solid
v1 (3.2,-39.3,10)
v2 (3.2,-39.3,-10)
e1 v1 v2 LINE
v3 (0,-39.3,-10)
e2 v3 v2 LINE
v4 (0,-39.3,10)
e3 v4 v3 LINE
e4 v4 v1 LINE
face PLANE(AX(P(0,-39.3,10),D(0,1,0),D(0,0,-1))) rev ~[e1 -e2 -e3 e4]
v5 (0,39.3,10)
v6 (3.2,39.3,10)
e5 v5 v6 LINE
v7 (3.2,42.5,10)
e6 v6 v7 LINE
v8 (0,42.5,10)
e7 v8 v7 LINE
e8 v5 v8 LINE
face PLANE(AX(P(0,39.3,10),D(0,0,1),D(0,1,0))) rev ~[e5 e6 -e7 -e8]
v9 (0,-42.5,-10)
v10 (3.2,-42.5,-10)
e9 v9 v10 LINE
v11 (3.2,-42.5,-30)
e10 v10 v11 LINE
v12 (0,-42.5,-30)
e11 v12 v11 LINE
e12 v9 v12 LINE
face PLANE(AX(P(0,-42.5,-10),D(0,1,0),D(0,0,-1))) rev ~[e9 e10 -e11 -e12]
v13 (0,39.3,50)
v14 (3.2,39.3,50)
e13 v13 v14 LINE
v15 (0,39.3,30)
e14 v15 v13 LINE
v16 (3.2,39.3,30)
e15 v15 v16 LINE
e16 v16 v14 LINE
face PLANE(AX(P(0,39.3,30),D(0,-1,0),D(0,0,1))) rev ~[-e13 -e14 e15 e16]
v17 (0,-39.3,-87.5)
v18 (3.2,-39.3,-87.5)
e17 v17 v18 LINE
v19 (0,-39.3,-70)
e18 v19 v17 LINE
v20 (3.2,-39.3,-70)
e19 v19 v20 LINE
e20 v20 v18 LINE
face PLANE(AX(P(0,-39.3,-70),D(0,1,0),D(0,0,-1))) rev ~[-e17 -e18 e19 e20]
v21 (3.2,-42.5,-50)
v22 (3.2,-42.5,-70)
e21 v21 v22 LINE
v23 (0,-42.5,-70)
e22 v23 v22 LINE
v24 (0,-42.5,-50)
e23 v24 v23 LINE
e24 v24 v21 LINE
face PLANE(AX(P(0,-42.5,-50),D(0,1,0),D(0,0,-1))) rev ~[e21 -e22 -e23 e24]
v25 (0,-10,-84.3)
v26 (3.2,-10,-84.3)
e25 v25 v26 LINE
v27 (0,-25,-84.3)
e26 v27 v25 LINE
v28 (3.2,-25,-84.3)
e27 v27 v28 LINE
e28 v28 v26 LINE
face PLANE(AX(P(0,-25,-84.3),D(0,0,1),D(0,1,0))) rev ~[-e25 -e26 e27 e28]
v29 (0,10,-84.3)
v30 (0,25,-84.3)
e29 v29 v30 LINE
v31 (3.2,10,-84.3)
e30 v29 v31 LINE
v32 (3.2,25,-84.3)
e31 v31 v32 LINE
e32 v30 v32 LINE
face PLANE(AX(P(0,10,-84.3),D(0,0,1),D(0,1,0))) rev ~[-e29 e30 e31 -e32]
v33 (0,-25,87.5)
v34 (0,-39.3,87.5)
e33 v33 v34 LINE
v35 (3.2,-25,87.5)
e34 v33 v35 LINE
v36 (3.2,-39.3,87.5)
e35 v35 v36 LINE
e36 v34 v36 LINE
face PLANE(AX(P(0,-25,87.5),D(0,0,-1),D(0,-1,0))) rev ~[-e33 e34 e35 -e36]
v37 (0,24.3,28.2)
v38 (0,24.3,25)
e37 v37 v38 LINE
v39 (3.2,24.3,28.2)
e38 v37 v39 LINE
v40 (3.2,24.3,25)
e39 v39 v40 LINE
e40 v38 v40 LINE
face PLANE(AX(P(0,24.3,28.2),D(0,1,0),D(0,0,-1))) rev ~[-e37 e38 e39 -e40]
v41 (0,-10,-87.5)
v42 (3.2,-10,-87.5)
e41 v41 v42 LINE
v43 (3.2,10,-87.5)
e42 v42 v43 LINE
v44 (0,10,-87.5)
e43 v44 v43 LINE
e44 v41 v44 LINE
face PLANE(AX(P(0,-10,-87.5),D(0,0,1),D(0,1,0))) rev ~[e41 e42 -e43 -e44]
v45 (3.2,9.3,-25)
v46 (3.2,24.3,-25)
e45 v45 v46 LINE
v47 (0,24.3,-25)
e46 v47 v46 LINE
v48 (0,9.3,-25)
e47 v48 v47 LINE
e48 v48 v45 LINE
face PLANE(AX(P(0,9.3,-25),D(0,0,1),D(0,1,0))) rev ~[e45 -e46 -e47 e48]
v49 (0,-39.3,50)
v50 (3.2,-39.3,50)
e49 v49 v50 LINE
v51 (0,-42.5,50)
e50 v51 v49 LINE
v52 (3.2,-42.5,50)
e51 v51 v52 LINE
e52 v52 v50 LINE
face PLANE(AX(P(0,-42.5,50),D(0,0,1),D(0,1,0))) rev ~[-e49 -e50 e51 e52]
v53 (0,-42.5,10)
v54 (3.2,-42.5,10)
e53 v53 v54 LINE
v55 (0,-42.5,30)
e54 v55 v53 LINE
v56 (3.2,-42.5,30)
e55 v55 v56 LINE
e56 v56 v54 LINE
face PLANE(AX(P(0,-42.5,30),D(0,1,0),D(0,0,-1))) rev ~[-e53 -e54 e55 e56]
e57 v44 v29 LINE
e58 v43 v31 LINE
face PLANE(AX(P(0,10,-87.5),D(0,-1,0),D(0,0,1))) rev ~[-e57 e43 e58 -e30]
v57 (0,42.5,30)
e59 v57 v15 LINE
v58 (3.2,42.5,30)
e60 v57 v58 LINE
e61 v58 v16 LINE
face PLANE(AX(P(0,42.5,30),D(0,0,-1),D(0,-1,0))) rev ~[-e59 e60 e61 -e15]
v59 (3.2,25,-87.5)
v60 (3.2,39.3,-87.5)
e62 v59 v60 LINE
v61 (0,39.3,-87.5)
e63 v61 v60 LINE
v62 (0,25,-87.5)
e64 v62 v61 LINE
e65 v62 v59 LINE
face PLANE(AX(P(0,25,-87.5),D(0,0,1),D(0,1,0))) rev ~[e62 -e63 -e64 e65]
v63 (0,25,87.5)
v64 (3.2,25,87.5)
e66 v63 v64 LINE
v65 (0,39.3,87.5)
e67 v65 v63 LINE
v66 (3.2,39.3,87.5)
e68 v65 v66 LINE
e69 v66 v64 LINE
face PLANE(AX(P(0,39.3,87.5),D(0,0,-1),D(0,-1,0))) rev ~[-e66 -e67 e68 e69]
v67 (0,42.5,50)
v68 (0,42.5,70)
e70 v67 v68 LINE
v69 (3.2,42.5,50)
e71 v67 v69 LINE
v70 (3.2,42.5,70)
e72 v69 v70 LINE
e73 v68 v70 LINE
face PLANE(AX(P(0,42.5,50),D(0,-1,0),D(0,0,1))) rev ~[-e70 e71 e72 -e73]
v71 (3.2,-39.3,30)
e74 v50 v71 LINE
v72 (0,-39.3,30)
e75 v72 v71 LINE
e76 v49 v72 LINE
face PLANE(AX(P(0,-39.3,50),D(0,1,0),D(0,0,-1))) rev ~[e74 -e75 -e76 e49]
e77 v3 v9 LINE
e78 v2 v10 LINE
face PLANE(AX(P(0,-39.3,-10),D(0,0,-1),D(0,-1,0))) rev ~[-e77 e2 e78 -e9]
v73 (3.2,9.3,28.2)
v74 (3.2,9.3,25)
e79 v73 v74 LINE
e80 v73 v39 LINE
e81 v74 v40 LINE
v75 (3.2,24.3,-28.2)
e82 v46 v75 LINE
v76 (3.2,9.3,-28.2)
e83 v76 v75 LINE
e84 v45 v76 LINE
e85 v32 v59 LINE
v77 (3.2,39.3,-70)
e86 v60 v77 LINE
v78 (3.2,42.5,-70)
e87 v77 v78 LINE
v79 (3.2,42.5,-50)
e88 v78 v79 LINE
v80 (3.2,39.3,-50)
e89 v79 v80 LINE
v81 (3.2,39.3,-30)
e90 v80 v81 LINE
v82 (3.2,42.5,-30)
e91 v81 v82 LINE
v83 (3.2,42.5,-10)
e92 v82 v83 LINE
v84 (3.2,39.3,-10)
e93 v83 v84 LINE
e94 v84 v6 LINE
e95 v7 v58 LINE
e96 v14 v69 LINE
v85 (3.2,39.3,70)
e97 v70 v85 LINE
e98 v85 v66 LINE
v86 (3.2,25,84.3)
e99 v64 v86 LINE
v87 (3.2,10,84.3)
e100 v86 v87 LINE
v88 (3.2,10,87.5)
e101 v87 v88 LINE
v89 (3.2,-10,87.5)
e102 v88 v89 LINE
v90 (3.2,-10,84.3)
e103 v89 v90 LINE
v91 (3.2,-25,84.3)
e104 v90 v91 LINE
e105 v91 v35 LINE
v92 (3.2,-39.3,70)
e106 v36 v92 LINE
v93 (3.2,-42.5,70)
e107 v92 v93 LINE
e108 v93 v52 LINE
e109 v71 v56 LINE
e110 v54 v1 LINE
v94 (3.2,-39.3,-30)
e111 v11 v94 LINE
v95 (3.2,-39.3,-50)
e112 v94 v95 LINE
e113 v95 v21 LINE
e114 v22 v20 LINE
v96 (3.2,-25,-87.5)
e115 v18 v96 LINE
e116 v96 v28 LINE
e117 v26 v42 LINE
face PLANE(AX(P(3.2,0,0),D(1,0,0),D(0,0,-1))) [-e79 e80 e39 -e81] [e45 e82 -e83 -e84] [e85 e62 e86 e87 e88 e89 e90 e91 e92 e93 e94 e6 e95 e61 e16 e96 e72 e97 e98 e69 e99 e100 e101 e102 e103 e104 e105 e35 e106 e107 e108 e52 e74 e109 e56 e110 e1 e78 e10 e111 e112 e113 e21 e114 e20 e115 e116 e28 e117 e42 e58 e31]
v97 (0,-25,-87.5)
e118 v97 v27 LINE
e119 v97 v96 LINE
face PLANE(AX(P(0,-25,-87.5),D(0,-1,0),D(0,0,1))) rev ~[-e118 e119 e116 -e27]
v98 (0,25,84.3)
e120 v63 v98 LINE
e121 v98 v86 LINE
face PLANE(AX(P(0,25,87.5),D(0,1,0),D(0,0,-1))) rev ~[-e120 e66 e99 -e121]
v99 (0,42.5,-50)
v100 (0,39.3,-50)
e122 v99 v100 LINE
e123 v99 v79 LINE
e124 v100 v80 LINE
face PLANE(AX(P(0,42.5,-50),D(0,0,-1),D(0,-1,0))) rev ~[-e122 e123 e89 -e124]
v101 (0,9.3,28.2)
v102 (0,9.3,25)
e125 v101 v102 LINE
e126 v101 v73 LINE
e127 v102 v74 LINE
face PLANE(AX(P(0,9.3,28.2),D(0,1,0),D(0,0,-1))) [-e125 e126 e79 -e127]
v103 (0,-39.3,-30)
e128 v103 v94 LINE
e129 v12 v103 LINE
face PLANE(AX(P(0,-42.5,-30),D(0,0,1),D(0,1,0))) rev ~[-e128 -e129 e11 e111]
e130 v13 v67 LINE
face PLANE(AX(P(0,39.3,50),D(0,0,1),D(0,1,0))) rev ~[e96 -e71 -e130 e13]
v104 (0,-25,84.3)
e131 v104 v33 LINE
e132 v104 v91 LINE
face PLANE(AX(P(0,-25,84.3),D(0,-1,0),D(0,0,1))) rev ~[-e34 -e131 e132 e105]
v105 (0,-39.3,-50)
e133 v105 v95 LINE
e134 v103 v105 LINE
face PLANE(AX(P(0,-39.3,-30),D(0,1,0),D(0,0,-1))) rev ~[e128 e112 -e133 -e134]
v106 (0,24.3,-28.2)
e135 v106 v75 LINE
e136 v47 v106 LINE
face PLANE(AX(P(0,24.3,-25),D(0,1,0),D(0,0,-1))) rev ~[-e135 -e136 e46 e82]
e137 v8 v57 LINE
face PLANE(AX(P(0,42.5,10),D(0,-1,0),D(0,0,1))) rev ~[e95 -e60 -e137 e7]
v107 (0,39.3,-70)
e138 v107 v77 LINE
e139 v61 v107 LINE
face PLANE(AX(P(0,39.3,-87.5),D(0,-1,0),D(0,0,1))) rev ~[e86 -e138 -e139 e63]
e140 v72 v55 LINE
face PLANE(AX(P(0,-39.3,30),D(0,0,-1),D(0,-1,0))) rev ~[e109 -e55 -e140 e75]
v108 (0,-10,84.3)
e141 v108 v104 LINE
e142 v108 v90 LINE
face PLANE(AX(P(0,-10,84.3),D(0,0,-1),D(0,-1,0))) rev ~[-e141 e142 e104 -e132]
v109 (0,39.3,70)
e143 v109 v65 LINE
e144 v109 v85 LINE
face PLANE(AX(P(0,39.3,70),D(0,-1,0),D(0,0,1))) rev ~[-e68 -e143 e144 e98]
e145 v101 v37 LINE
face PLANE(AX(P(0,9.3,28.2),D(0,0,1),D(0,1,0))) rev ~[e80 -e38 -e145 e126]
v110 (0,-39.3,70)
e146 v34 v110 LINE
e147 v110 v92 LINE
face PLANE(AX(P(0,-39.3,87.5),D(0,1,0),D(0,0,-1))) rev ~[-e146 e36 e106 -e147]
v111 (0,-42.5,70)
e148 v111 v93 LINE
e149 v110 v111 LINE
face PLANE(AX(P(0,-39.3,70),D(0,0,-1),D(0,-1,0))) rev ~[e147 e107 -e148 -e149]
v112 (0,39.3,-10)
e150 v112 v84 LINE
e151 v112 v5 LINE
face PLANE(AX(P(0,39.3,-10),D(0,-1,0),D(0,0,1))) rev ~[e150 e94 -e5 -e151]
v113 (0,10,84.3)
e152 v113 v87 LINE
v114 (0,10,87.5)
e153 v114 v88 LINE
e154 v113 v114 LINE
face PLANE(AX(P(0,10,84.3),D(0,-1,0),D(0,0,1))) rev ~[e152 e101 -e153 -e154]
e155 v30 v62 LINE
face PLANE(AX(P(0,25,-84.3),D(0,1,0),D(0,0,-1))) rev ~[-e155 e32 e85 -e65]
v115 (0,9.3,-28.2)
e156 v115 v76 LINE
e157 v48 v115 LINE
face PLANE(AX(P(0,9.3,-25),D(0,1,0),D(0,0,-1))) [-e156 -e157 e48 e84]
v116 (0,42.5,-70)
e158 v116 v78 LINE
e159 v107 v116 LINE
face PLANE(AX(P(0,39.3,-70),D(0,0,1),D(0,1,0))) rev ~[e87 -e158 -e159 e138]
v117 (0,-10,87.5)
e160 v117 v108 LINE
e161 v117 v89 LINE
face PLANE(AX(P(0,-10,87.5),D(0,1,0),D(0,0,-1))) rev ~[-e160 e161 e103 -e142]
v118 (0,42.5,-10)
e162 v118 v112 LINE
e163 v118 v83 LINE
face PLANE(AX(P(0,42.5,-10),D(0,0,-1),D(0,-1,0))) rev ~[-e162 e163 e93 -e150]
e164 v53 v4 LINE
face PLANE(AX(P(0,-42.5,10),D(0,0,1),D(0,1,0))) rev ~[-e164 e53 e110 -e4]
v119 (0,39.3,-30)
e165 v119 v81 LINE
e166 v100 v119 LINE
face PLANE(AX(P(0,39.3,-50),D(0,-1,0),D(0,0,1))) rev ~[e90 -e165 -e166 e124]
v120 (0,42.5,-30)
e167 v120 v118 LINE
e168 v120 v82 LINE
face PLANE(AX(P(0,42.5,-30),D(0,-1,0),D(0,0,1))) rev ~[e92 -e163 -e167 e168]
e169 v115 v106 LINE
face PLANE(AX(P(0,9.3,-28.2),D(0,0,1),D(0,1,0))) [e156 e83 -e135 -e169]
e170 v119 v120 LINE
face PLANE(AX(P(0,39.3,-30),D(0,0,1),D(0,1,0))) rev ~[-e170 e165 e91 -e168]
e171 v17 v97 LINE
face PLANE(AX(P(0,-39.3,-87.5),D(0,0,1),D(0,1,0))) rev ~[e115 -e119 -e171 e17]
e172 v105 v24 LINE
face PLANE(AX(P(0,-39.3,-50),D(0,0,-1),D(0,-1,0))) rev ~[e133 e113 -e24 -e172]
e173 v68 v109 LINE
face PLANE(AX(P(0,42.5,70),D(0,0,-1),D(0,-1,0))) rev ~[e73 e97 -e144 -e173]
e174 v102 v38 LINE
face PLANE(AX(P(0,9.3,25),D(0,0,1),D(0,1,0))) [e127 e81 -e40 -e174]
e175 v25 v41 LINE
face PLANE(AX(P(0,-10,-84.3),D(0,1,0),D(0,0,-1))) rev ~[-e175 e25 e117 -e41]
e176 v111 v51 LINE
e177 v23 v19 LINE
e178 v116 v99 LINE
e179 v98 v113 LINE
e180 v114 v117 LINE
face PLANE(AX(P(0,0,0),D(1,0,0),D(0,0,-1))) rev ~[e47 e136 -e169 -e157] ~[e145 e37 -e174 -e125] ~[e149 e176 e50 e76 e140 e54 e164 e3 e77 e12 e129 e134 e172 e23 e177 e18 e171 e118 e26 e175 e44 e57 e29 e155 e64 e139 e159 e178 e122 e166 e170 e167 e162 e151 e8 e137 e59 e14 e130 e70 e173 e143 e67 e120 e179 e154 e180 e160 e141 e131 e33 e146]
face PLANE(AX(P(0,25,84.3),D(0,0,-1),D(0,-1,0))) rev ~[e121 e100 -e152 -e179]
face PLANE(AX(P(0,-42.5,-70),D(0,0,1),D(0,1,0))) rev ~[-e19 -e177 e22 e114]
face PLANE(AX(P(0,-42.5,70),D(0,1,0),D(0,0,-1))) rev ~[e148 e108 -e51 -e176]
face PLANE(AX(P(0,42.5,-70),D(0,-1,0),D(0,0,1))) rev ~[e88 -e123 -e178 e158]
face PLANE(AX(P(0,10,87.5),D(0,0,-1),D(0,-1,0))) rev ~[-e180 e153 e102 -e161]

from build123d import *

# Parameters (mm, degrees)
SKETCH1_W           = 3.2
SKETCH1_H           = 15
BOSS_EXTRUDE1_DEPTH = 3.2


with BuildPart() as part:
    # Sketch1 → Boss-Extrude1 (new body)
    with BuildSketch(Plane(origin=(0, 0, 0), x_dir=(0, 0, -1), z_dir=(1, 0, 0))):
        Polygon((-10, 42.5), (-30, 42.5), (-30, 39.3), (-50, 39.3), (-50, 42.5), (-70, 42.5), (-70, 39.3), (-87.5, 39.3), (-87.5, 25), (-84.3, 25), (-84.3, 10), (-87.5, 10), (-87.5, -10), (-84.3, -10), (-84.3, -25), (-87.5, -25), (-87.5, -39.3), (-70, -39.3), (-70, -42.5), (-50, -42.5), (-50, -39.3), (-30, -39.3), (-30, -42.5), (-10, -42.5), (-10, -39.3), (10, -39.3), (10, -42.5), (30, -42.5), (30, -39.3), (50, -39.3), (50, -42.5), (70, -42.5), (70, -39.3), (87.5, -39.3), (87.5, -25), (84.3, -25), (84.3, -10), (87.5, -10), (87.5, 10), (84.3, 10), (84.3, 25), (87.5, 25), (87.5, 39.3), (70, 39.3), (70, 42.5), (50, 42.5), (50, 39.3), (30, 39.3), (30, 42.5), (10, 42.5), (10, 39.3), (-10, 39.3), align=None)
        with Locations((-26.6, 16.8)):
            Rectangle(SKETCH1_W, SKETCH1_H, mode=Mode.SUBTRACT)
        with Locations((26.6, 16.8)):
            Rectangle(SKETCH1_W, SKETCH1_H, mode=Mode.SUBTRACT)
    extrude(amount=BOSS_EXTRUDE1_DEPTH)


solid = part.part
